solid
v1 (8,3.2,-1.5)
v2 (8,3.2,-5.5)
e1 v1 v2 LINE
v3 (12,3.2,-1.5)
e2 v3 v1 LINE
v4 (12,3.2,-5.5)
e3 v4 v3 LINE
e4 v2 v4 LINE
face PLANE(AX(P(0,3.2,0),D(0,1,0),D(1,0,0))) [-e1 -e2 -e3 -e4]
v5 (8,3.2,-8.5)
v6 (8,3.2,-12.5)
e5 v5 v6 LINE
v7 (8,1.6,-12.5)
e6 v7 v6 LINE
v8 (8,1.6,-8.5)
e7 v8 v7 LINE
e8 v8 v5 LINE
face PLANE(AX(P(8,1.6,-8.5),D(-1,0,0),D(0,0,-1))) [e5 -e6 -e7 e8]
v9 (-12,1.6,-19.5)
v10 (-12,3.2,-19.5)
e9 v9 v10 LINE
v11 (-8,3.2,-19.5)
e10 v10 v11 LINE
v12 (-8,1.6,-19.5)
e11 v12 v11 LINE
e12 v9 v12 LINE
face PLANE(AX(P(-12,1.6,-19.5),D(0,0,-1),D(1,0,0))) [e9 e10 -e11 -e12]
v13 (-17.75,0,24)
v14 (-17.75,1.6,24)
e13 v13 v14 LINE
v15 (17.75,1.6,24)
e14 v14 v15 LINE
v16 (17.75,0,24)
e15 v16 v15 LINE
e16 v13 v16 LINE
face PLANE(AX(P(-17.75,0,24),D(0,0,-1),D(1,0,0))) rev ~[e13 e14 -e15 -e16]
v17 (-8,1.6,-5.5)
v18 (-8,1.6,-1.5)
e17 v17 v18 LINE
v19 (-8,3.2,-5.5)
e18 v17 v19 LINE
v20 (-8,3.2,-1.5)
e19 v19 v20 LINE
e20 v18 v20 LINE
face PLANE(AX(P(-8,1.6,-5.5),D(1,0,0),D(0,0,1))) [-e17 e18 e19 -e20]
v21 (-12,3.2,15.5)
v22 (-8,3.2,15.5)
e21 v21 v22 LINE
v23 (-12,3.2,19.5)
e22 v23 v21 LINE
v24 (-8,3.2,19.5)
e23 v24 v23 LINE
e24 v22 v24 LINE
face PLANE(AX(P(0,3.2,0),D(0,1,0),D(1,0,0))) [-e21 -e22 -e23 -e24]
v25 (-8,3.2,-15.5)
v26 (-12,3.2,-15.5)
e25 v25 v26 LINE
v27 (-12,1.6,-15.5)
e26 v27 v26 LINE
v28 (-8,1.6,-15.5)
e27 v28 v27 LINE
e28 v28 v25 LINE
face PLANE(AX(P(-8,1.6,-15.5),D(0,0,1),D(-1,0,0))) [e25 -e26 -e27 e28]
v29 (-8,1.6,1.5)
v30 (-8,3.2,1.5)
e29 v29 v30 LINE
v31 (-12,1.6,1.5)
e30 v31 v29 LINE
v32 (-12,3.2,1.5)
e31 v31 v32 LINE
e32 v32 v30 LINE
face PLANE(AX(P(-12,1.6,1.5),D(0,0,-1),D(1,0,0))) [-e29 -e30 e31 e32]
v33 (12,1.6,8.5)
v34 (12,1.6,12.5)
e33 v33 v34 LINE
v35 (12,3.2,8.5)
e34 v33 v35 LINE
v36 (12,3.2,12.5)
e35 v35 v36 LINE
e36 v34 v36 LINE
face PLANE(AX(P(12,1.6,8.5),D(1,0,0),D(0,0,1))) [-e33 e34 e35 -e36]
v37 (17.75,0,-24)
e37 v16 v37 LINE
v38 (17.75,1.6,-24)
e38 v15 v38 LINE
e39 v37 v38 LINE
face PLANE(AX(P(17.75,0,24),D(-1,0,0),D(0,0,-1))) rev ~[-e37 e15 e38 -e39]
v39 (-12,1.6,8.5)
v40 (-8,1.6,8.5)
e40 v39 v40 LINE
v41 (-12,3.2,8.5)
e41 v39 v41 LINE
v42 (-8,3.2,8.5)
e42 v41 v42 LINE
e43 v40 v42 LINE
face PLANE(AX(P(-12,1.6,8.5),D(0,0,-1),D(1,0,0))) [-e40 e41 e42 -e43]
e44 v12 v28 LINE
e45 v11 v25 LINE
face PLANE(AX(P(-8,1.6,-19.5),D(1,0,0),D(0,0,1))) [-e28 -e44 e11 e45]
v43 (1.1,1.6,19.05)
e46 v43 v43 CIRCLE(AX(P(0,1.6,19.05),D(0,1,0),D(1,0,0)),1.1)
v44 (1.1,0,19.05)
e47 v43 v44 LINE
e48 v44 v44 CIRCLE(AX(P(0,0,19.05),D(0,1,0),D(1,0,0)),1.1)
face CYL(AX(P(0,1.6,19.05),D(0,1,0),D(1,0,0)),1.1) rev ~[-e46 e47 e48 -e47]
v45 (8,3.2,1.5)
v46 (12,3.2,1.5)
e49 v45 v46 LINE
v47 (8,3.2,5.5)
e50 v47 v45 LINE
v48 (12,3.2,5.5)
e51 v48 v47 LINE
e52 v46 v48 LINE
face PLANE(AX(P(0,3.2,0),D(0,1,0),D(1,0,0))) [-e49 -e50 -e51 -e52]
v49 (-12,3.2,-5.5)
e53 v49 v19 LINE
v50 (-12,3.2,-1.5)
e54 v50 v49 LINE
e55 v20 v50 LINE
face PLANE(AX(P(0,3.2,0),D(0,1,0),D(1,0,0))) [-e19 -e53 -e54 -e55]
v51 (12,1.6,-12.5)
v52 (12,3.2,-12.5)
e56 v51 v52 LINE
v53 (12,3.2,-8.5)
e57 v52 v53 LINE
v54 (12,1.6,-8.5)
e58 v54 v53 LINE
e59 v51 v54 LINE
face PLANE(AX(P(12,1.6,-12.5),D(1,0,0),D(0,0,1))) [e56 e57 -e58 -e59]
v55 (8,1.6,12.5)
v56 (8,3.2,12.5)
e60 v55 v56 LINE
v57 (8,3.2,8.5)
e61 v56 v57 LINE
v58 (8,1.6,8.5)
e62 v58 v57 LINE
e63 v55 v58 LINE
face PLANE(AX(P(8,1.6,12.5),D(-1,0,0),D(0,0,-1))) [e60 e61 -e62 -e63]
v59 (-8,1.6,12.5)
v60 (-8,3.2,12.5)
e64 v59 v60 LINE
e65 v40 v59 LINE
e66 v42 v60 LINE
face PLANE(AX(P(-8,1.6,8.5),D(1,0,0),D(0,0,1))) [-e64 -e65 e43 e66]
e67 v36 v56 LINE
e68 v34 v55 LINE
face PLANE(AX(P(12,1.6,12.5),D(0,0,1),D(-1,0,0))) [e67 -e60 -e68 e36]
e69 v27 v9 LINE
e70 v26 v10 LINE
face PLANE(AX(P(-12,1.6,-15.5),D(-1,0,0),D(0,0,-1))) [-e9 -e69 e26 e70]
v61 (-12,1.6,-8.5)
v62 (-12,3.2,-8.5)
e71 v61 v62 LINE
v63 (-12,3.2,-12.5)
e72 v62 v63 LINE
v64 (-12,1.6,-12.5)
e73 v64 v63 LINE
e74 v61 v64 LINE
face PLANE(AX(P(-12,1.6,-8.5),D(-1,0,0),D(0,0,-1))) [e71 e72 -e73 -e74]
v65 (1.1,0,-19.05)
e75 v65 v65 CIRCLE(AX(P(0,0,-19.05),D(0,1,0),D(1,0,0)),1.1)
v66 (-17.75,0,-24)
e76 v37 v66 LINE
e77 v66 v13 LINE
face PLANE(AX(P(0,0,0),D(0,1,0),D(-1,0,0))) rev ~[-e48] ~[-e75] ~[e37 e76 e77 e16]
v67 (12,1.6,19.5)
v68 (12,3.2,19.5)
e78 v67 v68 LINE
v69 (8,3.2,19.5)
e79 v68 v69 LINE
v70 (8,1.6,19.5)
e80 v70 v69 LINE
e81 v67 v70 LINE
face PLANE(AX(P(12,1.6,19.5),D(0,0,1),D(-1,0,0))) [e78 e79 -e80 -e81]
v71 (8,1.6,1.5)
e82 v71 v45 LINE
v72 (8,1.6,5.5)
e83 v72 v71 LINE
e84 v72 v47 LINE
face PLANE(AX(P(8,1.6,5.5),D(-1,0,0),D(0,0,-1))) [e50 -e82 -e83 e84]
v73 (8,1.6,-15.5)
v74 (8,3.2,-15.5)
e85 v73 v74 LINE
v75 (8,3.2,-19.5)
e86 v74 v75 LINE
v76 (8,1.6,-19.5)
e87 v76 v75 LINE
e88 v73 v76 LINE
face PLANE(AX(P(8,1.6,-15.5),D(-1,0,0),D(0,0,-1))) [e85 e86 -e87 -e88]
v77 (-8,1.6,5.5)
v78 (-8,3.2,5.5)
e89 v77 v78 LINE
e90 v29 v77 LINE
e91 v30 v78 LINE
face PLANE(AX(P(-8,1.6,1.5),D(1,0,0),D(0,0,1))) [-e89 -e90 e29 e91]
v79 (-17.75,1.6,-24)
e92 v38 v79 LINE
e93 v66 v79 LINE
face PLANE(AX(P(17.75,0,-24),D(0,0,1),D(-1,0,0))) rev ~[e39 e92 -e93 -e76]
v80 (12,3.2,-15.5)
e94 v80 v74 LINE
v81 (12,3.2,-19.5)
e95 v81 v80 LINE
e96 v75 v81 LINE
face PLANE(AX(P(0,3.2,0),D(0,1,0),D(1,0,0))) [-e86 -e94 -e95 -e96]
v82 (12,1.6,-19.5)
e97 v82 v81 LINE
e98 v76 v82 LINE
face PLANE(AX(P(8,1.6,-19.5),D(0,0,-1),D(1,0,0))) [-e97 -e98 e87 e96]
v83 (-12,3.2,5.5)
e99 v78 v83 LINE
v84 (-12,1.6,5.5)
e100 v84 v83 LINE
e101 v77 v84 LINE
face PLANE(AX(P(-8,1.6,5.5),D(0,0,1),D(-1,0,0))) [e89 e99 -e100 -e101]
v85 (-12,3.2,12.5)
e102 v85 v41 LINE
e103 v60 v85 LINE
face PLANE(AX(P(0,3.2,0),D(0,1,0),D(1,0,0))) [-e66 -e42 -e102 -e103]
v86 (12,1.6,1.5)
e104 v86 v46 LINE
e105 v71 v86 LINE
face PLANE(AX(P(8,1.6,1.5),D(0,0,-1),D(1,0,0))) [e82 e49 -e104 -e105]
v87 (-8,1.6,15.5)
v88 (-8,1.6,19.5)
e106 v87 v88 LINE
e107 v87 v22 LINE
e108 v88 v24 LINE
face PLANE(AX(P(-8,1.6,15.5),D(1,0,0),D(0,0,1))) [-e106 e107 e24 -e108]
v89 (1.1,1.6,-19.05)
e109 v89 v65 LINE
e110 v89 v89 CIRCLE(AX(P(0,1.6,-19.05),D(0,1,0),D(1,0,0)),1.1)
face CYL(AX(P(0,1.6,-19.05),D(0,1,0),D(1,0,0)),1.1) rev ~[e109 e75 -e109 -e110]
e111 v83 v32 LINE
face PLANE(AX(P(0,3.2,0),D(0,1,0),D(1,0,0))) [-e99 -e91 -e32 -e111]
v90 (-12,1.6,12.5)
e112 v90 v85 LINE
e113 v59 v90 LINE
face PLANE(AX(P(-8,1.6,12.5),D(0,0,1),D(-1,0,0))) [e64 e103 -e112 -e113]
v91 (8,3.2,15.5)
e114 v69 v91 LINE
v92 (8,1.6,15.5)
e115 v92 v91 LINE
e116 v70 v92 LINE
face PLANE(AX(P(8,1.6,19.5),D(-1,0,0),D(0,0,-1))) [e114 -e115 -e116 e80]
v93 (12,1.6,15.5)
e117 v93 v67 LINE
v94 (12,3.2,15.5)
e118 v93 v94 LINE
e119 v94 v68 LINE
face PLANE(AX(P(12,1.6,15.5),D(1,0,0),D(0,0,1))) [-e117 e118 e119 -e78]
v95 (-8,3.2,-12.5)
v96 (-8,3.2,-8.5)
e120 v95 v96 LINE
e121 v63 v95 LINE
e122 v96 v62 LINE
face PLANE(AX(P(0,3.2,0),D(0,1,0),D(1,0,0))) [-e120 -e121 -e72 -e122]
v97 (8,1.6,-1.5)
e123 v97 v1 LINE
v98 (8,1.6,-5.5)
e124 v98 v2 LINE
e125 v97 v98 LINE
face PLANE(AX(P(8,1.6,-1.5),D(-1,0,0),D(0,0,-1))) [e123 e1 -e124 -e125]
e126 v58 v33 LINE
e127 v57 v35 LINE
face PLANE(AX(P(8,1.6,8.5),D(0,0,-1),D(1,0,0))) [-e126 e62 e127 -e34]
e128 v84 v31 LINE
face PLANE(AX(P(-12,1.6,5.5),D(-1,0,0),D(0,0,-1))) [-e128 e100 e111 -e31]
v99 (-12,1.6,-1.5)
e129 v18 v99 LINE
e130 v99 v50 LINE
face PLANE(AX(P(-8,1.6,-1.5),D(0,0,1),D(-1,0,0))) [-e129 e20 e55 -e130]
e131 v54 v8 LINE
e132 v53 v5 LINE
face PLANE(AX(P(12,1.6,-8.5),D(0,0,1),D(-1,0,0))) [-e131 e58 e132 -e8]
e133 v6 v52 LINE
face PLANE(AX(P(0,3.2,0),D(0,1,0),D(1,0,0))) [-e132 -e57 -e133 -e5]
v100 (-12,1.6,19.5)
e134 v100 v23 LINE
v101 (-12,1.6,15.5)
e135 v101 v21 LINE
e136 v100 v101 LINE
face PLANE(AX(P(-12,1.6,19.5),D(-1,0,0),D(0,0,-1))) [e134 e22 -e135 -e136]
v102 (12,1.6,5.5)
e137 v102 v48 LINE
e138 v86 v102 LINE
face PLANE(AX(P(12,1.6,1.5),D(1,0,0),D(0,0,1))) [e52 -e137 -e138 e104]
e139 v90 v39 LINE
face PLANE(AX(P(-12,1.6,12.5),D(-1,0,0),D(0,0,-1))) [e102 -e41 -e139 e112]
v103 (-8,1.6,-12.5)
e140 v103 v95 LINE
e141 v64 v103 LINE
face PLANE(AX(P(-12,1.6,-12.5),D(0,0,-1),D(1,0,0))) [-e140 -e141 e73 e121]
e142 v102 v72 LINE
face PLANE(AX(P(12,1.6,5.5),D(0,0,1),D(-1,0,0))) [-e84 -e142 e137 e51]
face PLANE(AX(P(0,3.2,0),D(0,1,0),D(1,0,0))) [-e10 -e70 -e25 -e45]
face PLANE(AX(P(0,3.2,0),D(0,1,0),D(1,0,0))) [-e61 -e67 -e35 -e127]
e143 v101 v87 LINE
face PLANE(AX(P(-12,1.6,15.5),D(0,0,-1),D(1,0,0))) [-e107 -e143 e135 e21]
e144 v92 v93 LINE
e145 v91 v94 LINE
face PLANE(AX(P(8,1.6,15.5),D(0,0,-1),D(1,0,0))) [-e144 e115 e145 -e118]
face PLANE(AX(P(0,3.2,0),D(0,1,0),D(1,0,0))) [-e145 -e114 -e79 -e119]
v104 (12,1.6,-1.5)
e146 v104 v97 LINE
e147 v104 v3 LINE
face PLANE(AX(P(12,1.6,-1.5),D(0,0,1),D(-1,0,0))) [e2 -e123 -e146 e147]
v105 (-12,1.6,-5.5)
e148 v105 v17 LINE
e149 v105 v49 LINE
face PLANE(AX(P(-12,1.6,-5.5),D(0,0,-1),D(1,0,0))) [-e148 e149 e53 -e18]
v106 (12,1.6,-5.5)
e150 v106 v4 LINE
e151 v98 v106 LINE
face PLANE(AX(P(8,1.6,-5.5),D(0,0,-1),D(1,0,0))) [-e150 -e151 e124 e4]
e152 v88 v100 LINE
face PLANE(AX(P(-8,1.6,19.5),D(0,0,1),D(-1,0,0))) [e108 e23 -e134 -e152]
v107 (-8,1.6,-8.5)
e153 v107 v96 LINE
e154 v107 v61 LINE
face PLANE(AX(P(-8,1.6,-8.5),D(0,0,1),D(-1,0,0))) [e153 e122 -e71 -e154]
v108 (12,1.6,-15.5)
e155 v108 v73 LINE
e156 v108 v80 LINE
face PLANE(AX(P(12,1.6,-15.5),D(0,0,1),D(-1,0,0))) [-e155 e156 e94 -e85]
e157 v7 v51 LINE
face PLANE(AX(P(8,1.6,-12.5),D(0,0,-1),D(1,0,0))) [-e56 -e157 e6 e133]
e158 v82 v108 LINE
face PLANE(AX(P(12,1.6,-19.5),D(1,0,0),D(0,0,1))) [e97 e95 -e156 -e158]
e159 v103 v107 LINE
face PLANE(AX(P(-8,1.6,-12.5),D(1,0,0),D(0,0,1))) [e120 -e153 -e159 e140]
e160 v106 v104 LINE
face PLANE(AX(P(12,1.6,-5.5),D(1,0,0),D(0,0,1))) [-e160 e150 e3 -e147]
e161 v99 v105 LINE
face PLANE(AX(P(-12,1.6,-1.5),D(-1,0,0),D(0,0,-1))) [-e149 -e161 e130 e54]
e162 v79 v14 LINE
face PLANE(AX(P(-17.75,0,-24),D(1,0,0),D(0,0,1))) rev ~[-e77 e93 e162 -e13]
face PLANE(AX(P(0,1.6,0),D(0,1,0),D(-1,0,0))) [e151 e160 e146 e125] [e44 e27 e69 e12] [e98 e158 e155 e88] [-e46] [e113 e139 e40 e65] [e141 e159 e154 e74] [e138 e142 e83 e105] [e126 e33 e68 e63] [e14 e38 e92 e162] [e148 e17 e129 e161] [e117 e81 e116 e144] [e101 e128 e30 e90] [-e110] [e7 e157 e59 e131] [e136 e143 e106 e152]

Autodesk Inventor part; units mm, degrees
ref_plane "YZ Plane" through (0, 0, 0) normal (1, 0, 0) x (0, 1, 0)
ref_plane "XZ Plane" through (0, 0, 0) normal (0, 1, 0) x (-1, 0, 0)
ref_plane "XY Plane" through (0, 0, 0) normal (0, 0, 1) x (1, 0, 0)
sketch "Sketch1" plane through (0, 0, 0) normal (0, 1, 0) x (-1, 0, 0)
  line L0 (17.75, 24) -> (-17.75, 24)
  line L1 (-17.75, 24) -> (-17.75, -24)
  line L2 (-17.75, -24) -> (17.75, -24)
  line L3 (17.75, -24) -> (17.75, 24)
  line L4 (17.75, 24) -> (-17.75, -24) construction
  line L5 (-17.75, 24) -> (17.75, -24) construction
  point P0 (0, 0)
  dimension "d0" = 35.5
  dimension "d1" = 48
extrude "Extrusion1" add sketch "Sketch1" along normal blind 1.6
sketch "Sketch2" plane through (0, 1.6, 0) normal (0, 1, 0) x (1, 0, 0)
  line L0 (-12, 19.5) -> (-8, 19.5)
  line L1 (-8, 19.5) -> (-8, 15.5)
  line L2 (-8, 15.5) -> (-12, 15.5)
  line L3 (-12, 15.5) -> (-12, 19.5)
  line L4 (-12, 19.5) -> (-8, 15.5) construction
  line L5 (-8, 19.5) -> (-12, 15.5) construction
  line L6 (-17.75, -24) -> (17.75, -24) projected
  line L7 (17.75, 24) -> (-17.75, 24) projected
  line L8 (-17.75, 24) -> (-17.75, -24) projected
  line L9 (17.75, -24) -> (17.75, 24) projected
  line L10 (12, 15.5) -> (8, 15.5)
  line L11 (12, 19.5) -> (12, 15.5)
  line L12 (8, 19.5) -> (12, 19.5)
  line L13 (8, 15.5) -> (8, 19.5)
  line L14 (-8, 8.5) -> (-12, 8.5)
  line L15 (-8, 12.5) -> (-8, 8.5)
  line L16 (-12, 12.5) -> (-8, 12.5)
  line L17 (-12, 8.5) -> (-12, 12.5)
  line L18 (12, 8.5) -> (8, 8.5)
  line L19 (12, 12.5) -> (12, 8.5)
  line L20 (8, 12.5) -> (12, 12.5)
  line L21 (8, 8.5) -> (8, 12.5)
  line L22 (-8, 1.5) -> (-12, 1.5)
  line L23 (-8, 5.5) -> (-8, 1.5)
  line L24 (-12, 5.5) -> (-8, 5.5)
  line L25 (-12, 1.5) -> (-12, 5.5)
  line L26 (12, 1.5) -> (8, 1.5)
  line L27 (12, 5.5) -> (12, 1.5)
  line L28 (8, 5.5) -> (12, 5.5)
  line L29 (8, 1.5) -> (8, 5.5)
  line L30 (-8, -5.5) -> (-12, -5.5)
  line L31 (-8, -1.5) -> (-8, -5.5)
  line L32 (-12, -1.5) -> (-8, -1.5)
  line L33 (-12, -5.5) -> (-12, -1.5)
  line L34 (12, -5.5) -> (8, -5.5)
  line L35 (12, -1.5) -> (12, -5.5)
  line L36 (8, -1.5) -> (12, -1.5)
  line L37 (8, -5.5) -> (8, -1.5)
  line L38 (-8, -12.5) -> (-12, -12.5)
  line L39 (-8, -8.5) -> (-8, -12.5)
  line L40 (-12, -8.5) -> (-8, -8.5)
  line L41 (-12, -12.5) -> (-12, -8.5)
  line L42 (12, -12.5) -> (8, -12.5)
  line L43 (12, -8.5) -> (12, -12.5)
  line L44 (8, -8.5) -> (12, -8.5)
  line L45 (8, -12.5) -> (8, -8.5)
  line L46 (-8, -19.5) -> (-12, -19.5)
  line L47 (-8, -15.5) -> (-8, -19.5)
  line L48 (-12, -15.5) -> (-8, -15.5)
  line L49 (-12, -19.5) -> (-12, -15.5)
  line L50 (12, -19.5) -> (8, -19.5)
  line L51 (12, -15.5) -> (12, -19.5)
  line L52 (8, -15.5) -> (12, -15.5)
  line L53 (8, -19.5) -> (8, -15.5)
  point P0 (0, 0)
  point P1 (-10, 17.5)
  dimension "d4" = 4
  dimension "d5" = 4
  dimension "d6" = 48
  dimension "d7" = 35.5
  dimension "d8" = 17.5
  dimension "d9" = 10
  dimension "d20" = 20
  dimension "d23" = 7
extrude "Extrusion2" add sketch "Sketch2" along normal blind 1.6 contours L0 L1 L2 L3 | L10 L13 L12 L11 | L14 L17 L16 L15 | L18 L21 L20 L19 | L22 L25 L24 L23 | L26 L29 L28 L27 | L30 L33 L32 L31 | L34 L37 L36 L35 | L38 L41 L40 L39 | L42 L45 L44 L43 | L46 L49 L48 L47 | L50 L53 L52 L51
sketch "Sketch3" plane through (0, 1.6, 0) normal (0, 1, 0) x (1, 0, 0)
  line L0 (0, 0) -> (0, 19.05) construction
  line L1 (0, 0) -> (4.4844, 0) construction
  circle A0 centre (0, 19.05) radius 1.1
  circle A1 centre (0, -19.05) radius 1.1
  dimension "d28" = 19.05
  dimension "d29" = 2.2
extrude "Extrusion3" cut sketch "Sketch3" against normal through all
properties part number "RedLEDArray"
